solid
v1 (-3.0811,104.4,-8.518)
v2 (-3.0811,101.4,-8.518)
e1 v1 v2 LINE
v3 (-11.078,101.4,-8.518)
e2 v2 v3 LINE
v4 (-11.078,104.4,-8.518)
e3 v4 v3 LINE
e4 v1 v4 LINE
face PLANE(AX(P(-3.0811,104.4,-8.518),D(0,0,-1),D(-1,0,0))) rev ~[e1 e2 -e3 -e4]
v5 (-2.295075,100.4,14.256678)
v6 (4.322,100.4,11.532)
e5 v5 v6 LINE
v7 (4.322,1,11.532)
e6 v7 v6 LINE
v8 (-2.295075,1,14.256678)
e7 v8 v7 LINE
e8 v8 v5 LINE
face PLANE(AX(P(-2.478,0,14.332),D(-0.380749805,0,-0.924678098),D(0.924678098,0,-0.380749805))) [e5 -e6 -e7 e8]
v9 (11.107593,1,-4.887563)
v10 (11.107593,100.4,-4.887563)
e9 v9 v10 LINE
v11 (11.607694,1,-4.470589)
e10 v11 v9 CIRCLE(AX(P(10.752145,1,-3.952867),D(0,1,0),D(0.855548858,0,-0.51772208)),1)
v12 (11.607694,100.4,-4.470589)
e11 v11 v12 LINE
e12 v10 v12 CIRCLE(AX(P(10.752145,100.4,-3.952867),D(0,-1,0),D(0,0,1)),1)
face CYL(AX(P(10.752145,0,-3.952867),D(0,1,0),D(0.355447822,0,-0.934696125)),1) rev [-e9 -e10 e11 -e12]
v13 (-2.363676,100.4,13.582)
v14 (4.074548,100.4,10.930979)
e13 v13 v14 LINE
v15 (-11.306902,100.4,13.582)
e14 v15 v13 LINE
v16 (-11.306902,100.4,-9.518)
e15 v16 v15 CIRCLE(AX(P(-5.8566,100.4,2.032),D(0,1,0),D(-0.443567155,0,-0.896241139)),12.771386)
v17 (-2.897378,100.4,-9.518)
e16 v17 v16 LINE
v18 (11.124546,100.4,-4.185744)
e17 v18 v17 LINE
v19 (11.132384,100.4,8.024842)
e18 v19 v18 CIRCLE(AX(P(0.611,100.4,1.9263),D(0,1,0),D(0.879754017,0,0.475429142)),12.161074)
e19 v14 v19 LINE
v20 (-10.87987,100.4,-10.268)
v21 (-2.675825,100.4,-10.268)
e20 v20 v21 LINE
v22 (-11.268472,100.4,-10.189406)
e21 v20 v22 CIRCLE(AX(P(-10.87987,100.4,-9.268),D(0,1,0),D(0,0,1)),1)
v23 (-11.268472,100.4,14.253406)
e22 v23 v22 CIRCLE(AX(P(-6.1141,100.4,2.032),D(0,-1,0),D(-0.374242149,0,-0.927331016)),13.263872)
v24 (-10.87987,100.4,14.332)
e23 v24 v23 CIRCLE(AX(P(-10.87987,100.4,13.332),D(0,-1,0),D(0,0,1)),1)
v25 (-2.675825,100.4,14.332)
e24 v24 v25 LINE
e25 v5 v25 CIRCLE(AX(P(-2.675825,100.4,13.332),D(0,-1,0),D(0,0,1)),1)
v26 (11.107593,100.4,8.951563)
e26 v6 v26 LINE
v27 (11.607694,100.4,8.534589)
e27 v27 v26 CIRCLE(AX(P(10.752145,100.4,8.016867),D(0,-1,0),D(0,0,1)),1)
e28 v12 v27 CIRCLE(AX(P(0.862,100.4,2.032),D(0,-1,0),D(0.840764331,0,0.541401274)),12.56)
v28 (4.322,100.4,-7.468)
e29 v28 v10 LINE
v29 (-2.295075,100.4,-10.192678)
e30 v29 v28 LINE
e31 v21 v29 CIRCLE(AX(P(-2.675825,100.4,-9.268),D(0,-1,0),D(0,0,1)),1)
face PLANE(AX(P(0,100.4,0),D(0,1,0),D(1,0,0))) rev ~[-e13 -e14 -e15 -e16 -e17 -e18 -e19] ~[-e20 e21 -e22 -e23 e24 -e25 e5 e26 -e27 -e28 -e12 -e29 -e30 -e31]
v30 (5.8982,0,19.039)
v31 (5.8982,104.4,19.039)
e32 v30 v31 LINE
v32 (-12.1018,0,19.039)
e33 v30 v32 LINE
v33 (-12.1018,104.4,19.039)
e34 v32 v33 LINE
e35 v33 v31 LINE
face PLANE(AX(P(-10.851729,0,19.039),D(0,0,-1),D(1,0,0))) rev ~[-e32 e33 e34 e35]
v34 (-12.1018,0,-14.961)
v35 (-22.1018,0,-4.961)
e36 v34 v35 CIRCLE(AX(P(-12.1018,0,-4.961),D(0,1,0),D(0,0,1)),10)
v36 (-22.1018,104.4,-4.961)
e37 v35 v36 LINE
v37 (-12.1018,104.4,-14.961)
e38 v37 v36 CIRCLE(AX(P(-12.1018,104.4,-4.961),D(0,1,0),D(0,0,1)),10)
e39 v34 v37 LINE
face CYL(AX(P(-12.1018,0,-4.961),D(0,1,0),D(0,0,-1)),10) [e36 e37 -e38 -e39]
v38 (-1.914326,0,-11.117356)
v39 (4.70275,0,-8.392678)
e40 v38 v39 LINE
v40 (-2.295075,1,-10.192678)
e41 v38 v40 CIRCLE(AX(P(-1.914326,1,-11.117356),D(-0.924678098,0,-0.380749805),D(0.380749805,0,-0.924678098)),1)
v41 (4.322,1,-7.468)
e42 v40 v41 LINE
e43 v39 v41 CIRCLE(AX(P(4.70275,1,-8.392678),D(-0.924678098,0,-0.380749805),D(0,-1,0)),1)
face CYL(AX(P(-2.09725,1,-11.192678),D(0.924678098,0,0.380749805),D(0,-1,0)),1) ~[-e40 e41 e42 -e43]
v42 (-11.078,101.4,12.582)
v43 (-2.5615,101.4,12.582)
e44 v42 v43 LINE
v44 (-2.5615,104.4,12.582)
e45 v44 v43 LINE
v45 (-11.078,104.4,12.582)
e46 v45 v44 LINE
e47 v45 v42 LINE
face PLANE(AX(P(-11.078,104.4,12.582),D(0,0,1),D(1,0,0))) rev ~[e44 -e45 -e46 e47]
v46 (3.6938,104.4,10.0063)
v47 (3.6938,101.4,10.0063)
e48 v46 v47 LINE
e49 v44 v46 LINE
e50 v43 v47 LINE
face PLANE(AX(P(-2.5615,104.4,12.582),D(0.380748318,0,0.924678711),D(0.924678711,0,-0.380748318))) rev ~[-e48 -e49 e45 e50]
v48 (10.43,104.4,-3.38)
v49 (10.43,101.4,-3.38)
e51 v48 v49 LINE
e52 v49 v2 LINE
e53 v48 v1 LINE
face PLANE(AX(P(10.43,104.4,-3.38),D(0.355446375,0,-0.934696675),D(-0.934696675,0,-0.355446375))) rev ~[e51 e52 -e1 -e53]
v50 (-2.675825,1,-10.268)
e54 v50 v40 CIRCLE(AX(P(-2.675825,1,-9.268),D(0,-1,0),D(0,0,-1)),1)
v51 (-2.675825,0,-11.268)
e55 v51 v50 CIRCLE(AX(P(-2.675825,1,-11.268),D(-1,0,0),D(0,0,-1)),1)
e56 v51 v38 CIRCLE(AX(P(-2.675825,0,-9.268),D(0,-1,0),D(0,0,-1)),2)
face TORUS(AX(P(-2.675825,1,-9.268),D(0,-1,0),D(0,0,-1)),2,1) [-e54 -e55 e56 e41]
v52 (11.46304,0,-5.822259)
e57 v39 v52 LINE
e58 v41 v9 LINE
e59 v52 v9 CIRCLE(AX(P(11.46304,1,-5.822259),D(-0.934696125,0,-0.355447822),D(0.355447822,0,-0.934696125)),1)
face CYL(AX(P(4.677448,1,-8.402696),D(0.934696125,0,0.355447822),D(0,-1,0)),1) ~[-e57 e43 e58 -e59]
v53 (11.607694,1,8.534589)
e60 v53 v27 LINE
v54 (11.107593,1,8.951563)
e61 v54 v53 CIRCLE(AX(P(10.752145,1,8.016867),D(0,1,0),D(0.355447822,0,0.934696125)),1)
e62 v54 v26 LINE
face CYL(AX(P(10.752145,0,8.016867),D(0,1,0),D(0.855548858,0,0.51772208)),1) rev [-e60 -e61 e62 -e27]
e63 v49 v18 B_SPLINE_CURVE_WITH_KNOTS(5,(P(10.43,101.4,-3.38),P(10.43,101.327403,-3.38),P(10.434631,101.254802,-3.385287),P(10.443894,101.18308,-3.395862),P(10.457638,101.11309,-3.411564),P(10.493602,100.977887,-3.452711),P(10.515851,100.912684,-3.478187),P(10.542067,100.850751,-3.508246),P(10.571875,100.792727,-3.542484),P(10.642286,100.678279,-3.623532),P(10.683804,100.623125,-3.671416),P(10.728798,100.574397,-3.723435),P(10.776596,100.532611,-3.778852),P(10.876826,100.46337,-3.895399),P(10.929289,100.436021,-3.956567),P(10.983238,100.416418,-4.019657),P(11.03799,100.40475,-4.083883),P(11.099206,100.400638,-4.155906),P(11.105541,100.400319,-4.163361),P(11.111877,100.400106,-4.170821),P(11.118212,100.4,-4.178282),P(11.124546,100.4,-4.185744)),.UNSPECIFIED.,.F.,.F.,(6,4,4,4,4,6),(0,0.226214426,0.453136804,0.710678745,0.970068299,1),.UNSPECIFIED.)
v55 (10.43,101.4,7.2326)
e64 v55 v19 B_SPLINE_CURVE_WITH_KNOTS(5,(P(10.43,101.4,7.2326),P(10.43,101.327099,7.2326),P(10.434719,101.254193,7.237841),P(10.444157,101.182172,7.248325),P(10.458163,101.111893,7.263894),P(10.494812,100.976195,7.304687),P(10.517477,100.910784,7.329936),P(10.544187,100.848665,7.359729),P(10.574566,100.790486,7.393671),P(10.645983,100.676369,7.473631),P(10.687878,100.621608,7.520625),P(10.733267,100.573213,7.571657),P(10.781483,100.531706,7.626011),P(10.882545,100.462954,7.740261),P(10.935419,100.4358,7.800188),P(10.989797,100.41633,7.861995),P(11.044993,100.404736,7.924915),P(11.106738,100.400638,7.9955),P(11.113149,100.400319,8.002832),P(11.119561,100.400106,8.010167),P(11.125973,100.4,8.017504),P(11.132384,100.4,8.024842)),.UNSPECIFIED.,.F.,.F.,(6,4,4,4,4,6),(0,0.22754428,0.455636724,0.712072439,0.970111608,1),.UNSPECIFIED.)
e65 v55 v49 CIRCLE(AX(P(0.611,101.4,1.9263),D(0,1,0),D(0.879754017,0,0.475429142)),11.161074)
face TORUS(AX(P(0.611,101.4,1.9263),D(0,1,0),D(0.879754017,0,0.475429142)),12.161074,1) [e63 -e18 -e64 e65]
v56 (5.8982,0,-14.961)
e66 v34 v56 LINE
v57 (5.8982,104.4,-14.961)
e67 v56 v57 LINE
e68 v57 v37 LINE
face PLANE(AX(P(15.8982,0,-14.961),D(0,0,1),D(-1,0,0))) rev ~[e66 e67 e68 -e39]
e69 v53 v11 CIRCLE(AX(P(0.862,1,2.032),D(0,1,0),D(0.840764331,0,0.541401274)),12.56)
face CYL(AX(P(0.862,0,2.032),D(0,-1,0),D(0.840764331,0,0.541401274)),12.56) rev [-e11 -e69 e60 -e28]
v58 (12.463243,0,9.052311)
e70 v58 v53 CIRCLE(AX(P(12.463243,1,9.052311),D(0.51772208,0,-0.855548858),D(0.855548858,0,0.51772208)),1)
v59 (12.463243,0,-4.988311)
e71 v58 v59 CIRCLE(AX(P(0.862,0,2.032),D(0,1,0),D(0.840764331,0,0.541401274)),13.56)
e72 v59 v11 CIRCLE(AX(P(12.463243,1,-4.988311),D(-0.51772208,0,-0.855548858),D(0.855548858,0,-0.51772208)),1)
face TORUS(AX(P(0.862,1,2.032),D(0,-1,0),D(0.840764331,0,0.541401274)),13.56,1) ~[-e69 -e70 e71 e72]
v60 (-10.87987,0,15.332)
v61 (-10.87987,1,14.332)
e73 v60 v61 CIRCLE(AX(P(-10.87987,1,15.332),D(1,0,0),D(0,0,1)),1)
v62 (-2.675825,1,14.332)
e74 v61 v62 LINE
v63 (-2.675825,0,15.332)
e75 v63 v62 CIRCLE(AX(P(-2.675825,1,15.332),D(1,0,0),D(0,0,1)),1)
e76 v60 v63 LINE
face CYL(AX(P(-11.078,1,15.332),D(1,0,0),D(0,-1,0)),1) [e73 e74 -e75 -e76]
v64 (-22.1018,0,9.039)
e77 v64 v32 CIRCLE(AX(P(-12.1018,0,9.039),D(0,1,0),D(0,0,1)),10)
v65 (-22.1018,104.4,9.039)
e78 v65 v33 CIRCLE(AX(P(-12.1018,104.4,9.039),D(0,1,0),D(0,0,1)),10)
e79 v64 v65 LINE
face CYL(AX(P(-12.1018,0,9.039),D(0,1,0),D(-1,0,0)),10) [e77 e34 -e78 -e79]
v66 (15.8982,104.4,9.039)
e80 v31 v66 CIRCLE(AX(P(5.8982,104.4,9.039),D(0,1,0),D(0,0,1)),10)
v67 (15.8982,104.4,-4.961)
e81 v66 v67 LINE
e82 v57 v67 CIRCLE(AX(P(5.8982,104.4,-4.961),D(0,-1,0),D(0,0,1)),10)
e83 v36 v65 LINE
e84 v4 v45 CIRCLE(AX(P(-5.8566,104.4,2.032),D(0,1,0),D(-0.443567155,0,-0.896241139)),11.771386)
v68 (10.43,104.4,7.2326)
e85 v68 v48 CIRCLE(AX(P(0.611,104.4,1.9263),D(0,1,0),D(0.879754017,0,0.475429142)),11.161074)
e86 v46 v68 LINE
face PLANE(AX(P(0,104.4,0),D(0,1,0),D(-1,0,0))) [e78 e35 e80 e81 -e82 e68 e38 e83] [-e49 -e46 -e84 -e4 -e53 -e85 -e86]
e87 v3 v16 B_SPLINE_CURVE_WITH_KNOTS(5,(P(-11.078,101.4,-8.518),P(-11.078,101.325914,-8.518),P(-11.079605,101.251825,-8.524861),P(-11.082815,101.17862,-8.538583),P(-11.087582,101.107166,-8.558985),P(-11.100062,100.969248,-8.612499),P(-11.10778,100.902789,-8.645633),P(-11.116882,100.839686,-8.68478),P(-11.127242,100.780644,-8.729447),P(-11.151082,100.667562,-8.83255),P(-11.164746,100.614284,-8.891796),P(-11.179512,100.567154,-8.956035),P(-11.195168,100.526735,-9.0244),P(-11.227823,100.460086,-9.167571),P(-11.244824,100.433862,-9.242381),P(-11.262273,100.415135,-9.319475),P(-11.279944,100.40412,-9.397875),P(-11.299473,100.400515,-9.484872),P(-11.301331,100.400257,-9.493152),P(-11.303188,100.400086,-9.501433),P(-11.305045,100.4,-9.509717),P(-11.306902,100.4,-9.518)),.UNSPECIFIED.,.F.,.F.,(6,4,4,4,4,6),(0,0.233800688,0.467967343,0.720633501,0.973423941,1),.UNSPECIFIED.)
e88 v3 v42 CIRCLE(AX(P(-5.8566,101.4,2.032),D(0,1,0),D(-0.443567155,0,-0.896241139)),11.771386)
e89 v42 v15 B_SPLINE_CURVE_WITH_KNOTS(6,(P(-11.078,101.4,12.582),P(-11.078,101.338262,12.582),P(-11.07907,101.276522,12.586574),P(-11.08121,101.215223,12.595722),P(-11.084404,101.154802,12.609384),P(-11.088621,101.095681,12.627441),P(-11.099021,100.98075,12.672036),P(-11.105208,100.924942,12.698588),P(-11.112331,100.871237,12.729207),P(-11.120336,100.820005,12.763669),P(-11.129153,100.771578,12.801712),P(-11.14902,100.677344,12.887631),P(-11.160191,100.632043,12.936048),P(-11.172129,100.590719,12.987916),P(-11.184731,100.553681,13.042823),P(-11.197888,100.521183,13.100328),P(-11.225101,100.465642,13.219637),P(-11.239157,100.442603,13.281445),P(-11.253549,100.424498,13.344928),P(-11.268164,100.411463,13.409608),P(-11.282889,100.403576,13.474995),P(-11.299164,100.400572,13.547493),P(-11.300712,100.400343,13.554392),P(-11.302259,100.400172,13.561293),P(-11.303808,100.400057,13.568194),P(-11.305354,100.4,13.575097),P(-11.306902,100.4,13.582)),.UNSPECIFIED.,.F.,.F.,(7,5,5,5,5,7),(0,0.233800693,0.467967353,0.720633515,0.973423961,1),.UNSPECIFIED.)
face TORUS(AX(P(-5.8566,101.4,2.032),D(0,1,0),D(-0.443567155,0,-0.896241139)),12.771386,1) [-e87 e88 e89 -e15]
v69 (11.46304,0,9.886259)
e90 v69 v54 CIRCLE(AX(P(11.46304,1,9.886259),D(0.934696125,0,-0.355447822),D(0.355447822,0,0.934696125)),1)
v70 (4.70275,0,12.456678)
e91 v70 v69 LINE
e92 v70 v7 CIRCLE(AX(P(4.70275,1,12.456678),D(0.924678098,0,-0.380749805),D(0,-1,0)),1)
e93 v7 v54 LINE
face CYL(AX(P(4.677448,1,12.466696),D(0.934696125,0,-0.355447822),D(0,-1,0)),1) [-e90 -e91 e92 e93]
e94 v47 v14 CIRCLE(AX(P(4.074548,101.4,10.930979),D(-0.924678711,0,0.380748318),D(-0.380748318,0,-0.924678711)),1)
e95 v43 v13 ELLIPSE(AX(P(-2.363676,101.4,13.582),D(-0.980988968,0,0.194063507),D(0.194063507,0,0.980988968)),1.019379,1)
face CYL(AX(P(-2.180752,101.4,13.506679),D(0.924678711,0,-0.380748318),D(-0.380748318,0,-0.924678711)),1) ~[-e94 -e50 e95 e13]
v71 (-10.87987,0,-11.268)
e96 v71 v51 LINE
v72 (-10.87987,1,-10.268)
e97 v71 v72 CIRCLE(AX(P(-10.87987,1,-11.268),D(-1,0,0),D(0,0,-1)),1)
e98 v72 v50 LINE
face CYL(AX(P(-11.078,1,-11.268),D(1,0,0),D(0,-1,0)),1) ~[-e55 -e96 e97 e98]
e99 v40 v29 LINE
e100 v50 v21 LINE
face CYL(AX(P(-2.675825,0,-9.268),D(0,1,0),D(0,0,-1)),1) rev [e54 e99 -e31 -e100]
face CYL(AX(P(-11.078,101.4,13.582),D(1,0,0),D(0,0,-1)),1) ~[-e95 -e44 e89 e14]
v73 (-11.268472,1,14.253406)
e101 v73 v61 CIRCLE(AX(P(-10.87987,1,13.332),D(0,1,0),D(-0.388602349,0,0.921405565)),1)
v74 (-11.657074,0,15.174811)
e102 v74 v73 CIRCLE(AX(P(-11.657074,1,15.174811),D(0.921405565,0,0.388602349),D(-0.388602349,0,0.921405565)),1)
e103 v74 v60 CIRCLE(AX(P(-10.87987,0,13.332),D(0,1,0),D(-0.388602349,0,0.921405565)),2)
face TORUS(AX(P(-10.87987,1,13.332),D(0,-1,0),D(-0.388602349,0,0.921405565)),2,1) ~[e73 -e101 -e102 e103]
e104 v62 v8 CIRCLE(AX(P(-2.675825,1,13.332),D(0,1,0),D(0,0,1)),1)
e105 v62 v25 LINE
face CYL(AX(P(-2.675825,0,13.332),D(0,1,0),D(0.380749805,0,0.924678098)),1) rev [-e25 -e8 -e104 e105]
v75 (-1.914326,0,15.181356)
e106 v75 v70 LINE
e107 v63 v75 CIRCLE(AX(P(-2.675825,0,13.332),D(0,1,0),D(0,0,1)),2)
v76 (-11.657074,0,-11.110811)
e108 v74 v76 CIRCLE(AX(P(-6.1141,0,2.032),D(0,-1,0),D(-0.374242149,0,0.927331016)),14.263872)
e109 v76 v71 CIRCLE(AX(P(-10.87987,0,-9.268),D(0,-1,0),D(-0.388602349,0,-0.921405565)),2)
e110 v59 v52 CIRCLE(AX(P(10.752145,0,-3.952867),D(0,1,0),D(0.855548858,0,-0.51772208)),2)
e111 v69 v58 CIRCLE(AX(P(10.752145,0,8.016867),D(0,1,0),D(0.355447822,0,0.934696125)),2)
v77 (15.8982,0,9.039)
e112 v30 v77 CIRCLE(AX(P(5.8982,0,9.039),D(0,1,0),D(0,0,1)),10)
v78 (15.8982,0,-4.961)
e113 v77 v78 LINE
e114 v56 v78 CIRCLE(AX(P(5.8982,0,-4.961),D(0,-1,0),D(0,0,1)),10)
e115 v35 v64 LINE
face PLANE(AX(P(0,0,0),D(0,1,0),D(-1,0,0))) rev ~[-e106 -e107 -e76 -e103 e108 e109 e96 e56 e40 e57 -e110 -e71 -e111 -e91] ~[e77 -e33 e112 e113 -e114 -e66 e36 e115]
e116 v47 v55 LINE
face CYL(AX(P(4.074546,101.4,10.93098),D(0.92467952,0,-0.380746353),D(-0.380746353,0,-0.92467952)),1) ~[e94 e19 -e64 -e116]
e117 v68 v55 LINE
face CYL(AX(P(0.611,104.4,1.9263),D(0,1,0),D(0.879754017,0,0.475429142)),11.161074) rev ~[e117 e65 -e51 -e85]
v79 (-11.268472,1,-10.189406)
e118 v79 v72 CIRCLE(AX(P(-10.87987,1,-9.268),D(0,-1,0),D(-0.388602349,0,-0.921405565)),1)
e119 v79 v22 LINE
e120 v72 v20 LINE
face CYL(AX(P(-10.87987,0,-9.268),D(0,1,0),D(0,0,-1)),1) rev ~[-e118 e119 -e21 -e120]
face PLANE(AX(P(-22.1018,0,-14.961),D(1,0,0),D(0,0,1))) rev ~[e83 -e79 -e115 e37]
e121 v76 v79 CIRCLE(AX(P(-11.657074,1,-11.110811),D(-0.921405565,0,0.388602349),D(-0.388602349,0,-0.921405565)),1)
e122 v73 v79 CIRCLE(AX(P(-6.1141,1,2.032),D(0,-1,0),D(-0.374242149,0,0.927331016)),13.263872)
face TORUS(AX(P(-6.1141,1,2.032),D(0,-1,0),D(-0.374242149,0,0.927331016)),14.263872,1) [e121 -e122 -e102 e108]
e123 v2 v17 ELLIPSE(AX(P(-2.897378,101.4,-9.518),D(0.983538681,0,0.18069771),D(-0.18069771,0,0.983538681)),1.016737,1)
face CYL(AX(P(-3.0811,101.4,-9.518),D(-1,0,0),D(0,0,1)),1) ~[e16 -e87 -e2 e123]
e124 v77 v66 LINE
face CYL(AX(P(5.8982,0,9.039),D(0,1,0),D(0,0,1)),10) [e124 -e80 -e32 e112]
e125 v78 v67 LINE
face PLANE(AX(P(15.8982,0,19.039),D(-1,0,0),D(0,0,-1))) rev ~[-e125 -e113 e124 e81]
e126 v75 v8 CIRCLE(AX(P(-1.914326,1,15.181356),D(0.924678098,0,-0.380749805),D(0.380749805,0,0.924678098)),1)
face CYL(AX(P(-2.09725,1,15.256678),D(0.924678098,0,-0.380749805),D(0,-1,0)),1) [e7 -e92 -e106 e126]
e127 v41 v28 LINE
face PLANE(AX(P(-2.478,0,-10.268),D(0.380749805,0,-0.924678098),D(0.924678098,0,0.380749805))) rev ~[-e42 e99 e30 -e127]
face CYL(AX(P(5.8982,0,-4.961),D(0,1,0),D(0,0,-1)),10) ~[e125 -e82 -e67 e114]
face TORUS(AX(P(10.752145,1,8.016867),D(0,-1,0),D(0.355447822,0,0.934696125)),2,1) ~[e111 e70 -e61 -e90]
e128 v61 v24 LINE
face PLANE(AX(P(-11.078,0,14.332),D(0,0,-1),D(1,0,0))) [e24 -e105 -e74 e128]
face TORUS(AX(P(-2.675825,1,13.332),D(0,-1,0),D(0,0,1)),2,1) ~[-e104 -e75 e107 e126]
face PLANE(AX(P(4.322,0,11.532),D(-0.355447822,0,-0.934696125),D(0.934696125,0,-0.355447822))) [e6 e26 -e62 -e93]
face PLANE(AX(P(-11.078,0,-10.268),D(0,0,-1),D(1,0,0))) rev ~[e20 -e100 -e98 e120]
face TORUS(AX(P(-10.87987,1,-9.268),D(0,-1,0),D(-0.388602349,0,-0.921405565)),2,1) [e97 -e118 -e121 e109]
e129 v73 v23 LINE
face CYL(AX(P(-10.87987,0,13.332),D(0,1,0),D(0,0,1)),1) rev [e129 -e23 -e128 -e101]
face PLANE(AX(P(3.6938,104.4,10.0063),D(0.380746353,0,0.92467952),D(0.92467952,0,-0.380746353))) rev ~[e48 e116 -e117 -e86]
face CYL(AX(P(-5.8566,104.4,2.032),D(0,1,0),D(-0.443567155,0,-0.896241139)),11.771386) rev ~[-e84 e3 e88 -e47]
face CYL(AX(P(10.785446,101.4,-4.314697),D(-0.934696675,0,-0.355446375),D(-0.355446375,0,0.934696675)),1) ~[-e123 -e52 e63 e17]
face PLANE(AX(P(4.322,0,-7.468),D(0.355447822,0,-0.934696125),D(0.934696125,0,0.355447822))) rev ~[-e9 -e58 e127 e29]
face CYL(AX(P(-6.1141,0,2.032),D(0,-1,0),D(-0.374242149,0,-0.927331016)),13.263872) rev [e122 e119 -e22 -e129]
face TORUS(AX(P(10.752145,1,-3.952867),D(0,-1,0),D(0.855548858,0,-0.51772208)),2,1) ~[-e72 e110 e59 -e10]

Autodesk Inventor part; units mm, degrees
ref_plane "YZ Plane" through (0, 0, 0) normal (1, 0, 0) x (0, 1, 0)
ref_plane "XZ Plane" through (0, 0, 0) normal (0, 1, 0) x (-1, 0, 0)
ref_plane "XY Plane" through (0, 0, 0) normal (0, 0, 1) x (1, 0, 0)
sketch "Sketch1" plane through (0, 0, 0) normal (0, 1, 0) x (-1, 0, 0)
  arc A0 (11.078, -10.268) -> (11.078, 14.332) centre (6.1141, 2.032) ccw
  line L0 (12.8056, -21.6164) -> (10.5439, 25.4442)
  line L1 (11.078, 14.332) -> (2.478, 14.332)
  line L2 (11.078, -10.268) -> (2.478, -10.268)
  line L3 (2.478, 14.332) -> (-4.322, 11.532)
  line L4 (2.478, -10.268) -> (-4.322, -7.468)
  line L5 (-4.322, 11.532) -> (-11.422, 8.832)
  line L6 (-4.322, -7.468) -> (-11.422, -4.768)
  arc A1 (-11.422, 8.832) -> (-11.422, -4.768) centre (-0.862, 2.032) ccw
  line L7 (22.1018, 19.039) -> (-15.8982, 19.039)
  line L8 (-15.8982, 19.039) -> (-15.8982, -14.961)
  line L9 (-15.8982, -14.961) -> (22.1018, -14.961)
  line L10 (22.1018, -14.961) -> (22.1018, 19.039)
  point P0 (0, 0)
  point P1 (11.078, 2.032)
  point P2 (19.378, 2.032)
  point P3 (12.8056, -21.6164)
  point P4 (10.5439, 25.4442)
  point P5 (-13.422, 2.032)
  dimension "d0" = 0
  dimension "d1" = 0
  dimension "d2" = 7.7
  dimension "d3" = 8.6
  dimension "d4" = 8.6
  dimension "d5" = 2.8
  dimension "d6" = 2.8
  dimension "d7" = 6.8
  dimension "d8" = 6.8
  dimension "d9" = 24.6
  dimension "d10" = 7.1
  dimension "d11" = 7.1
  dimension "d12" = 2.7
  dimension "d13" = 2.7
  dimension "d14" = 2
  dimension "d56" = 34
  dimension "d57" = 38
  dimension "d66" = 32.8
  dimension "d67" = 24.6
extrude "Extrusion1" add sketch "Sketch1" along normal blind 104.4 contours A0 L0 L9 L8 L7 L1 L3 L5 A1 L6 L4 L2 | A0 L0 L7 L10 L9
sketch "Sketch3" plane through (0, 104.4, 0) normal (0, 1, 0) x (1, 0, 0)
  line L0 (-11.078, -12.582) -> (-2.5615, -12.582)
  line L1 (-2.5615, -12.582) -> (3.6938, -10.0063)
  line L2 (4.322, -11.532) -> (-2.478, -14.332) projected
  line L3 (3.6938, -10.0063) -> (10.43, -7.2326)
  line L4 (10.43, 3.38) -> (-3.0811, 8.518)
  line L5 (-3.0811, 8.518) -> (-11.078, 8.518)
  arc A0 (-11.078, 8.518) -> (-11.078, -12.582) centre (-5.8566, -2.032) ccw
  arc A1 (10.43, -7.2326) -> (10.43, 3.38) centre (0.611, -1.9263) ccw
  line L6 (-2.478, -14.332) -> (-11.078, -14.332) projected
  line L7 (-11.078, 10.268) -> (-2.478, 10.268) projected
  line L8 (4.322, 7.468) -> (11.422, 4.768) projected
  arc A2 (11.422, -8.832) -> (11.422, 4.768) centre (0.862, -2.032) ccw projected
  arc A3 (-11.078, 10.268) -> (-11.078, -14.332) centre (-6.1141, -2.032) ccw projected
  line L9 (-19.5547, -18.0128) -> (14.794, -18.0128)
  line L10 (14.794, -18.0128) -> (14.794, 13.635)
  line L11 (14.794, 13.635) -> (-19.5547, 13.635)
  line L12 (-19.5547, 13.635) -> (-19.5547, -18.0128)
  point P0 (0, 0)
  point P1 (13.422, -2.032)
  point P2 (11.772, -1.9263)
  point P3 (-17.628, -2.032)
  point P4 (-19.378, -2.032)
  dimension "d31" = 1.75
  dimension "d32" = 1.75
  dimension "d33" = 1.65
  dimension "d34" = 180
  dimension "d35" = 1.65
  dimension "d36" = 1.65
  dimension "d37" = 1.75
  dimension "d38" = 0
extrude "Extrusion2" add sketch "Sketch3" against normal blind 4
fillet "Fillet3" radius 1 22 edges at (-19.378, 0, 2.032) (-6.778, 0, -10.268) (-6.778, 0, 14.332) (0.922, 0, 12.932) (7.872, 0, 10.182) (13.422, 0, 2.032) (7.872, 0, -6.118) (0.922, 0, -8.868) (-17.628, 100.4, 2.032) (-7.0795, 100.4, -8.518) (3.6744, 100.4, -5.949) (11.772, 100.4, 1.9263) (-6.8197, 100.4, 12.582) (3.9342, 100.4, 9.9073) (-11.078, 50.2, 14.332) (-2.478, 50.2, 14.332) (4.322, 50.2, 11.532) (11.422, 50.2, 8.832) (11.422, 50.2, -4.768) (4.322, 50.2, -7.468) (-2.478, 50.2, -10.268) (-11.078, 50.2, -10.268)
fillet "Fillet6" radius 10 4 edges at (-22.1018, 52.2, 19.039) (-22.1018, 52.2, -14.961) (15.8982, 52.2, -14.961) (15.8982, 52.2, 19.039)
sketch "Sketch5" plane through (15.8982, 1, 19.039) normal (1, 0, 0) x (0, 0, -1)
  line L0 (39, 35.2) -> (-4, 35.2)
  line L1 (-4, 35.2) -> (-4, 14.7)
  line L2 (-4, 14.7) -> (39, 14.7)
  line L3 (39, 14.7) -> (39, 35.2)
  line L4 (34, 0) -> (34, 102.4) projected
  line L5 (33, 103.4) -> (1, 103.4) projected
  point P0 (19.039, -1)
  dimension "d58" = 20.5
  dimension "d59" = 5
  dimension "d60" = 43
  dimension "d61" = 88.7
sketch "Sketch7" plane through (-22.1018, 1, -14.961) normal (-1, 0, 0) x (0, 0, 1)
  line L0 (37.3481, 2.34) -> (-4.8767, 2.34)
  line L1 (-4.8767, 2.34) -> (-4.8767, 7.45)
  line L2 (-4.8767, 7.45) -> (37.3481, 7.45)
  line L3 (37.3481, 7.45) -> (37.3481, 2.34)
  line L4 (1, -1) -> (33, -1) projected
  point P0 (14.961, -1)
  dimension "d72" = 3.34
  dimension "d73" = 5.11
sketch "Sketch9" plane through (15.8982, 103.4, -14.961) normal (0, 0, -1) x (-1, 0, 0)
  line L0 (37.5, -100.06) -> (38, -100.06) projected
  line L1 (37.5, -100.06) -> (27.5, -100.06)
  line L2 (27.5, -100.06) -> (27.5, -94.95)
  line L3 (27.5, -94.95) -> (37.5, -94.95)
  line L4 (37.5, -94.95) -> (37.5, -100.06)
  line L5 (37.5, -94.95) -> (38, -94.95) projected
  point P0 (15.8982, -103.4)
  point P1 (37.75, -94.95)
  dimension "d79" = 0
  dimension "d80" = 10
properties part number "PipetteSleeve_3DPrint"
